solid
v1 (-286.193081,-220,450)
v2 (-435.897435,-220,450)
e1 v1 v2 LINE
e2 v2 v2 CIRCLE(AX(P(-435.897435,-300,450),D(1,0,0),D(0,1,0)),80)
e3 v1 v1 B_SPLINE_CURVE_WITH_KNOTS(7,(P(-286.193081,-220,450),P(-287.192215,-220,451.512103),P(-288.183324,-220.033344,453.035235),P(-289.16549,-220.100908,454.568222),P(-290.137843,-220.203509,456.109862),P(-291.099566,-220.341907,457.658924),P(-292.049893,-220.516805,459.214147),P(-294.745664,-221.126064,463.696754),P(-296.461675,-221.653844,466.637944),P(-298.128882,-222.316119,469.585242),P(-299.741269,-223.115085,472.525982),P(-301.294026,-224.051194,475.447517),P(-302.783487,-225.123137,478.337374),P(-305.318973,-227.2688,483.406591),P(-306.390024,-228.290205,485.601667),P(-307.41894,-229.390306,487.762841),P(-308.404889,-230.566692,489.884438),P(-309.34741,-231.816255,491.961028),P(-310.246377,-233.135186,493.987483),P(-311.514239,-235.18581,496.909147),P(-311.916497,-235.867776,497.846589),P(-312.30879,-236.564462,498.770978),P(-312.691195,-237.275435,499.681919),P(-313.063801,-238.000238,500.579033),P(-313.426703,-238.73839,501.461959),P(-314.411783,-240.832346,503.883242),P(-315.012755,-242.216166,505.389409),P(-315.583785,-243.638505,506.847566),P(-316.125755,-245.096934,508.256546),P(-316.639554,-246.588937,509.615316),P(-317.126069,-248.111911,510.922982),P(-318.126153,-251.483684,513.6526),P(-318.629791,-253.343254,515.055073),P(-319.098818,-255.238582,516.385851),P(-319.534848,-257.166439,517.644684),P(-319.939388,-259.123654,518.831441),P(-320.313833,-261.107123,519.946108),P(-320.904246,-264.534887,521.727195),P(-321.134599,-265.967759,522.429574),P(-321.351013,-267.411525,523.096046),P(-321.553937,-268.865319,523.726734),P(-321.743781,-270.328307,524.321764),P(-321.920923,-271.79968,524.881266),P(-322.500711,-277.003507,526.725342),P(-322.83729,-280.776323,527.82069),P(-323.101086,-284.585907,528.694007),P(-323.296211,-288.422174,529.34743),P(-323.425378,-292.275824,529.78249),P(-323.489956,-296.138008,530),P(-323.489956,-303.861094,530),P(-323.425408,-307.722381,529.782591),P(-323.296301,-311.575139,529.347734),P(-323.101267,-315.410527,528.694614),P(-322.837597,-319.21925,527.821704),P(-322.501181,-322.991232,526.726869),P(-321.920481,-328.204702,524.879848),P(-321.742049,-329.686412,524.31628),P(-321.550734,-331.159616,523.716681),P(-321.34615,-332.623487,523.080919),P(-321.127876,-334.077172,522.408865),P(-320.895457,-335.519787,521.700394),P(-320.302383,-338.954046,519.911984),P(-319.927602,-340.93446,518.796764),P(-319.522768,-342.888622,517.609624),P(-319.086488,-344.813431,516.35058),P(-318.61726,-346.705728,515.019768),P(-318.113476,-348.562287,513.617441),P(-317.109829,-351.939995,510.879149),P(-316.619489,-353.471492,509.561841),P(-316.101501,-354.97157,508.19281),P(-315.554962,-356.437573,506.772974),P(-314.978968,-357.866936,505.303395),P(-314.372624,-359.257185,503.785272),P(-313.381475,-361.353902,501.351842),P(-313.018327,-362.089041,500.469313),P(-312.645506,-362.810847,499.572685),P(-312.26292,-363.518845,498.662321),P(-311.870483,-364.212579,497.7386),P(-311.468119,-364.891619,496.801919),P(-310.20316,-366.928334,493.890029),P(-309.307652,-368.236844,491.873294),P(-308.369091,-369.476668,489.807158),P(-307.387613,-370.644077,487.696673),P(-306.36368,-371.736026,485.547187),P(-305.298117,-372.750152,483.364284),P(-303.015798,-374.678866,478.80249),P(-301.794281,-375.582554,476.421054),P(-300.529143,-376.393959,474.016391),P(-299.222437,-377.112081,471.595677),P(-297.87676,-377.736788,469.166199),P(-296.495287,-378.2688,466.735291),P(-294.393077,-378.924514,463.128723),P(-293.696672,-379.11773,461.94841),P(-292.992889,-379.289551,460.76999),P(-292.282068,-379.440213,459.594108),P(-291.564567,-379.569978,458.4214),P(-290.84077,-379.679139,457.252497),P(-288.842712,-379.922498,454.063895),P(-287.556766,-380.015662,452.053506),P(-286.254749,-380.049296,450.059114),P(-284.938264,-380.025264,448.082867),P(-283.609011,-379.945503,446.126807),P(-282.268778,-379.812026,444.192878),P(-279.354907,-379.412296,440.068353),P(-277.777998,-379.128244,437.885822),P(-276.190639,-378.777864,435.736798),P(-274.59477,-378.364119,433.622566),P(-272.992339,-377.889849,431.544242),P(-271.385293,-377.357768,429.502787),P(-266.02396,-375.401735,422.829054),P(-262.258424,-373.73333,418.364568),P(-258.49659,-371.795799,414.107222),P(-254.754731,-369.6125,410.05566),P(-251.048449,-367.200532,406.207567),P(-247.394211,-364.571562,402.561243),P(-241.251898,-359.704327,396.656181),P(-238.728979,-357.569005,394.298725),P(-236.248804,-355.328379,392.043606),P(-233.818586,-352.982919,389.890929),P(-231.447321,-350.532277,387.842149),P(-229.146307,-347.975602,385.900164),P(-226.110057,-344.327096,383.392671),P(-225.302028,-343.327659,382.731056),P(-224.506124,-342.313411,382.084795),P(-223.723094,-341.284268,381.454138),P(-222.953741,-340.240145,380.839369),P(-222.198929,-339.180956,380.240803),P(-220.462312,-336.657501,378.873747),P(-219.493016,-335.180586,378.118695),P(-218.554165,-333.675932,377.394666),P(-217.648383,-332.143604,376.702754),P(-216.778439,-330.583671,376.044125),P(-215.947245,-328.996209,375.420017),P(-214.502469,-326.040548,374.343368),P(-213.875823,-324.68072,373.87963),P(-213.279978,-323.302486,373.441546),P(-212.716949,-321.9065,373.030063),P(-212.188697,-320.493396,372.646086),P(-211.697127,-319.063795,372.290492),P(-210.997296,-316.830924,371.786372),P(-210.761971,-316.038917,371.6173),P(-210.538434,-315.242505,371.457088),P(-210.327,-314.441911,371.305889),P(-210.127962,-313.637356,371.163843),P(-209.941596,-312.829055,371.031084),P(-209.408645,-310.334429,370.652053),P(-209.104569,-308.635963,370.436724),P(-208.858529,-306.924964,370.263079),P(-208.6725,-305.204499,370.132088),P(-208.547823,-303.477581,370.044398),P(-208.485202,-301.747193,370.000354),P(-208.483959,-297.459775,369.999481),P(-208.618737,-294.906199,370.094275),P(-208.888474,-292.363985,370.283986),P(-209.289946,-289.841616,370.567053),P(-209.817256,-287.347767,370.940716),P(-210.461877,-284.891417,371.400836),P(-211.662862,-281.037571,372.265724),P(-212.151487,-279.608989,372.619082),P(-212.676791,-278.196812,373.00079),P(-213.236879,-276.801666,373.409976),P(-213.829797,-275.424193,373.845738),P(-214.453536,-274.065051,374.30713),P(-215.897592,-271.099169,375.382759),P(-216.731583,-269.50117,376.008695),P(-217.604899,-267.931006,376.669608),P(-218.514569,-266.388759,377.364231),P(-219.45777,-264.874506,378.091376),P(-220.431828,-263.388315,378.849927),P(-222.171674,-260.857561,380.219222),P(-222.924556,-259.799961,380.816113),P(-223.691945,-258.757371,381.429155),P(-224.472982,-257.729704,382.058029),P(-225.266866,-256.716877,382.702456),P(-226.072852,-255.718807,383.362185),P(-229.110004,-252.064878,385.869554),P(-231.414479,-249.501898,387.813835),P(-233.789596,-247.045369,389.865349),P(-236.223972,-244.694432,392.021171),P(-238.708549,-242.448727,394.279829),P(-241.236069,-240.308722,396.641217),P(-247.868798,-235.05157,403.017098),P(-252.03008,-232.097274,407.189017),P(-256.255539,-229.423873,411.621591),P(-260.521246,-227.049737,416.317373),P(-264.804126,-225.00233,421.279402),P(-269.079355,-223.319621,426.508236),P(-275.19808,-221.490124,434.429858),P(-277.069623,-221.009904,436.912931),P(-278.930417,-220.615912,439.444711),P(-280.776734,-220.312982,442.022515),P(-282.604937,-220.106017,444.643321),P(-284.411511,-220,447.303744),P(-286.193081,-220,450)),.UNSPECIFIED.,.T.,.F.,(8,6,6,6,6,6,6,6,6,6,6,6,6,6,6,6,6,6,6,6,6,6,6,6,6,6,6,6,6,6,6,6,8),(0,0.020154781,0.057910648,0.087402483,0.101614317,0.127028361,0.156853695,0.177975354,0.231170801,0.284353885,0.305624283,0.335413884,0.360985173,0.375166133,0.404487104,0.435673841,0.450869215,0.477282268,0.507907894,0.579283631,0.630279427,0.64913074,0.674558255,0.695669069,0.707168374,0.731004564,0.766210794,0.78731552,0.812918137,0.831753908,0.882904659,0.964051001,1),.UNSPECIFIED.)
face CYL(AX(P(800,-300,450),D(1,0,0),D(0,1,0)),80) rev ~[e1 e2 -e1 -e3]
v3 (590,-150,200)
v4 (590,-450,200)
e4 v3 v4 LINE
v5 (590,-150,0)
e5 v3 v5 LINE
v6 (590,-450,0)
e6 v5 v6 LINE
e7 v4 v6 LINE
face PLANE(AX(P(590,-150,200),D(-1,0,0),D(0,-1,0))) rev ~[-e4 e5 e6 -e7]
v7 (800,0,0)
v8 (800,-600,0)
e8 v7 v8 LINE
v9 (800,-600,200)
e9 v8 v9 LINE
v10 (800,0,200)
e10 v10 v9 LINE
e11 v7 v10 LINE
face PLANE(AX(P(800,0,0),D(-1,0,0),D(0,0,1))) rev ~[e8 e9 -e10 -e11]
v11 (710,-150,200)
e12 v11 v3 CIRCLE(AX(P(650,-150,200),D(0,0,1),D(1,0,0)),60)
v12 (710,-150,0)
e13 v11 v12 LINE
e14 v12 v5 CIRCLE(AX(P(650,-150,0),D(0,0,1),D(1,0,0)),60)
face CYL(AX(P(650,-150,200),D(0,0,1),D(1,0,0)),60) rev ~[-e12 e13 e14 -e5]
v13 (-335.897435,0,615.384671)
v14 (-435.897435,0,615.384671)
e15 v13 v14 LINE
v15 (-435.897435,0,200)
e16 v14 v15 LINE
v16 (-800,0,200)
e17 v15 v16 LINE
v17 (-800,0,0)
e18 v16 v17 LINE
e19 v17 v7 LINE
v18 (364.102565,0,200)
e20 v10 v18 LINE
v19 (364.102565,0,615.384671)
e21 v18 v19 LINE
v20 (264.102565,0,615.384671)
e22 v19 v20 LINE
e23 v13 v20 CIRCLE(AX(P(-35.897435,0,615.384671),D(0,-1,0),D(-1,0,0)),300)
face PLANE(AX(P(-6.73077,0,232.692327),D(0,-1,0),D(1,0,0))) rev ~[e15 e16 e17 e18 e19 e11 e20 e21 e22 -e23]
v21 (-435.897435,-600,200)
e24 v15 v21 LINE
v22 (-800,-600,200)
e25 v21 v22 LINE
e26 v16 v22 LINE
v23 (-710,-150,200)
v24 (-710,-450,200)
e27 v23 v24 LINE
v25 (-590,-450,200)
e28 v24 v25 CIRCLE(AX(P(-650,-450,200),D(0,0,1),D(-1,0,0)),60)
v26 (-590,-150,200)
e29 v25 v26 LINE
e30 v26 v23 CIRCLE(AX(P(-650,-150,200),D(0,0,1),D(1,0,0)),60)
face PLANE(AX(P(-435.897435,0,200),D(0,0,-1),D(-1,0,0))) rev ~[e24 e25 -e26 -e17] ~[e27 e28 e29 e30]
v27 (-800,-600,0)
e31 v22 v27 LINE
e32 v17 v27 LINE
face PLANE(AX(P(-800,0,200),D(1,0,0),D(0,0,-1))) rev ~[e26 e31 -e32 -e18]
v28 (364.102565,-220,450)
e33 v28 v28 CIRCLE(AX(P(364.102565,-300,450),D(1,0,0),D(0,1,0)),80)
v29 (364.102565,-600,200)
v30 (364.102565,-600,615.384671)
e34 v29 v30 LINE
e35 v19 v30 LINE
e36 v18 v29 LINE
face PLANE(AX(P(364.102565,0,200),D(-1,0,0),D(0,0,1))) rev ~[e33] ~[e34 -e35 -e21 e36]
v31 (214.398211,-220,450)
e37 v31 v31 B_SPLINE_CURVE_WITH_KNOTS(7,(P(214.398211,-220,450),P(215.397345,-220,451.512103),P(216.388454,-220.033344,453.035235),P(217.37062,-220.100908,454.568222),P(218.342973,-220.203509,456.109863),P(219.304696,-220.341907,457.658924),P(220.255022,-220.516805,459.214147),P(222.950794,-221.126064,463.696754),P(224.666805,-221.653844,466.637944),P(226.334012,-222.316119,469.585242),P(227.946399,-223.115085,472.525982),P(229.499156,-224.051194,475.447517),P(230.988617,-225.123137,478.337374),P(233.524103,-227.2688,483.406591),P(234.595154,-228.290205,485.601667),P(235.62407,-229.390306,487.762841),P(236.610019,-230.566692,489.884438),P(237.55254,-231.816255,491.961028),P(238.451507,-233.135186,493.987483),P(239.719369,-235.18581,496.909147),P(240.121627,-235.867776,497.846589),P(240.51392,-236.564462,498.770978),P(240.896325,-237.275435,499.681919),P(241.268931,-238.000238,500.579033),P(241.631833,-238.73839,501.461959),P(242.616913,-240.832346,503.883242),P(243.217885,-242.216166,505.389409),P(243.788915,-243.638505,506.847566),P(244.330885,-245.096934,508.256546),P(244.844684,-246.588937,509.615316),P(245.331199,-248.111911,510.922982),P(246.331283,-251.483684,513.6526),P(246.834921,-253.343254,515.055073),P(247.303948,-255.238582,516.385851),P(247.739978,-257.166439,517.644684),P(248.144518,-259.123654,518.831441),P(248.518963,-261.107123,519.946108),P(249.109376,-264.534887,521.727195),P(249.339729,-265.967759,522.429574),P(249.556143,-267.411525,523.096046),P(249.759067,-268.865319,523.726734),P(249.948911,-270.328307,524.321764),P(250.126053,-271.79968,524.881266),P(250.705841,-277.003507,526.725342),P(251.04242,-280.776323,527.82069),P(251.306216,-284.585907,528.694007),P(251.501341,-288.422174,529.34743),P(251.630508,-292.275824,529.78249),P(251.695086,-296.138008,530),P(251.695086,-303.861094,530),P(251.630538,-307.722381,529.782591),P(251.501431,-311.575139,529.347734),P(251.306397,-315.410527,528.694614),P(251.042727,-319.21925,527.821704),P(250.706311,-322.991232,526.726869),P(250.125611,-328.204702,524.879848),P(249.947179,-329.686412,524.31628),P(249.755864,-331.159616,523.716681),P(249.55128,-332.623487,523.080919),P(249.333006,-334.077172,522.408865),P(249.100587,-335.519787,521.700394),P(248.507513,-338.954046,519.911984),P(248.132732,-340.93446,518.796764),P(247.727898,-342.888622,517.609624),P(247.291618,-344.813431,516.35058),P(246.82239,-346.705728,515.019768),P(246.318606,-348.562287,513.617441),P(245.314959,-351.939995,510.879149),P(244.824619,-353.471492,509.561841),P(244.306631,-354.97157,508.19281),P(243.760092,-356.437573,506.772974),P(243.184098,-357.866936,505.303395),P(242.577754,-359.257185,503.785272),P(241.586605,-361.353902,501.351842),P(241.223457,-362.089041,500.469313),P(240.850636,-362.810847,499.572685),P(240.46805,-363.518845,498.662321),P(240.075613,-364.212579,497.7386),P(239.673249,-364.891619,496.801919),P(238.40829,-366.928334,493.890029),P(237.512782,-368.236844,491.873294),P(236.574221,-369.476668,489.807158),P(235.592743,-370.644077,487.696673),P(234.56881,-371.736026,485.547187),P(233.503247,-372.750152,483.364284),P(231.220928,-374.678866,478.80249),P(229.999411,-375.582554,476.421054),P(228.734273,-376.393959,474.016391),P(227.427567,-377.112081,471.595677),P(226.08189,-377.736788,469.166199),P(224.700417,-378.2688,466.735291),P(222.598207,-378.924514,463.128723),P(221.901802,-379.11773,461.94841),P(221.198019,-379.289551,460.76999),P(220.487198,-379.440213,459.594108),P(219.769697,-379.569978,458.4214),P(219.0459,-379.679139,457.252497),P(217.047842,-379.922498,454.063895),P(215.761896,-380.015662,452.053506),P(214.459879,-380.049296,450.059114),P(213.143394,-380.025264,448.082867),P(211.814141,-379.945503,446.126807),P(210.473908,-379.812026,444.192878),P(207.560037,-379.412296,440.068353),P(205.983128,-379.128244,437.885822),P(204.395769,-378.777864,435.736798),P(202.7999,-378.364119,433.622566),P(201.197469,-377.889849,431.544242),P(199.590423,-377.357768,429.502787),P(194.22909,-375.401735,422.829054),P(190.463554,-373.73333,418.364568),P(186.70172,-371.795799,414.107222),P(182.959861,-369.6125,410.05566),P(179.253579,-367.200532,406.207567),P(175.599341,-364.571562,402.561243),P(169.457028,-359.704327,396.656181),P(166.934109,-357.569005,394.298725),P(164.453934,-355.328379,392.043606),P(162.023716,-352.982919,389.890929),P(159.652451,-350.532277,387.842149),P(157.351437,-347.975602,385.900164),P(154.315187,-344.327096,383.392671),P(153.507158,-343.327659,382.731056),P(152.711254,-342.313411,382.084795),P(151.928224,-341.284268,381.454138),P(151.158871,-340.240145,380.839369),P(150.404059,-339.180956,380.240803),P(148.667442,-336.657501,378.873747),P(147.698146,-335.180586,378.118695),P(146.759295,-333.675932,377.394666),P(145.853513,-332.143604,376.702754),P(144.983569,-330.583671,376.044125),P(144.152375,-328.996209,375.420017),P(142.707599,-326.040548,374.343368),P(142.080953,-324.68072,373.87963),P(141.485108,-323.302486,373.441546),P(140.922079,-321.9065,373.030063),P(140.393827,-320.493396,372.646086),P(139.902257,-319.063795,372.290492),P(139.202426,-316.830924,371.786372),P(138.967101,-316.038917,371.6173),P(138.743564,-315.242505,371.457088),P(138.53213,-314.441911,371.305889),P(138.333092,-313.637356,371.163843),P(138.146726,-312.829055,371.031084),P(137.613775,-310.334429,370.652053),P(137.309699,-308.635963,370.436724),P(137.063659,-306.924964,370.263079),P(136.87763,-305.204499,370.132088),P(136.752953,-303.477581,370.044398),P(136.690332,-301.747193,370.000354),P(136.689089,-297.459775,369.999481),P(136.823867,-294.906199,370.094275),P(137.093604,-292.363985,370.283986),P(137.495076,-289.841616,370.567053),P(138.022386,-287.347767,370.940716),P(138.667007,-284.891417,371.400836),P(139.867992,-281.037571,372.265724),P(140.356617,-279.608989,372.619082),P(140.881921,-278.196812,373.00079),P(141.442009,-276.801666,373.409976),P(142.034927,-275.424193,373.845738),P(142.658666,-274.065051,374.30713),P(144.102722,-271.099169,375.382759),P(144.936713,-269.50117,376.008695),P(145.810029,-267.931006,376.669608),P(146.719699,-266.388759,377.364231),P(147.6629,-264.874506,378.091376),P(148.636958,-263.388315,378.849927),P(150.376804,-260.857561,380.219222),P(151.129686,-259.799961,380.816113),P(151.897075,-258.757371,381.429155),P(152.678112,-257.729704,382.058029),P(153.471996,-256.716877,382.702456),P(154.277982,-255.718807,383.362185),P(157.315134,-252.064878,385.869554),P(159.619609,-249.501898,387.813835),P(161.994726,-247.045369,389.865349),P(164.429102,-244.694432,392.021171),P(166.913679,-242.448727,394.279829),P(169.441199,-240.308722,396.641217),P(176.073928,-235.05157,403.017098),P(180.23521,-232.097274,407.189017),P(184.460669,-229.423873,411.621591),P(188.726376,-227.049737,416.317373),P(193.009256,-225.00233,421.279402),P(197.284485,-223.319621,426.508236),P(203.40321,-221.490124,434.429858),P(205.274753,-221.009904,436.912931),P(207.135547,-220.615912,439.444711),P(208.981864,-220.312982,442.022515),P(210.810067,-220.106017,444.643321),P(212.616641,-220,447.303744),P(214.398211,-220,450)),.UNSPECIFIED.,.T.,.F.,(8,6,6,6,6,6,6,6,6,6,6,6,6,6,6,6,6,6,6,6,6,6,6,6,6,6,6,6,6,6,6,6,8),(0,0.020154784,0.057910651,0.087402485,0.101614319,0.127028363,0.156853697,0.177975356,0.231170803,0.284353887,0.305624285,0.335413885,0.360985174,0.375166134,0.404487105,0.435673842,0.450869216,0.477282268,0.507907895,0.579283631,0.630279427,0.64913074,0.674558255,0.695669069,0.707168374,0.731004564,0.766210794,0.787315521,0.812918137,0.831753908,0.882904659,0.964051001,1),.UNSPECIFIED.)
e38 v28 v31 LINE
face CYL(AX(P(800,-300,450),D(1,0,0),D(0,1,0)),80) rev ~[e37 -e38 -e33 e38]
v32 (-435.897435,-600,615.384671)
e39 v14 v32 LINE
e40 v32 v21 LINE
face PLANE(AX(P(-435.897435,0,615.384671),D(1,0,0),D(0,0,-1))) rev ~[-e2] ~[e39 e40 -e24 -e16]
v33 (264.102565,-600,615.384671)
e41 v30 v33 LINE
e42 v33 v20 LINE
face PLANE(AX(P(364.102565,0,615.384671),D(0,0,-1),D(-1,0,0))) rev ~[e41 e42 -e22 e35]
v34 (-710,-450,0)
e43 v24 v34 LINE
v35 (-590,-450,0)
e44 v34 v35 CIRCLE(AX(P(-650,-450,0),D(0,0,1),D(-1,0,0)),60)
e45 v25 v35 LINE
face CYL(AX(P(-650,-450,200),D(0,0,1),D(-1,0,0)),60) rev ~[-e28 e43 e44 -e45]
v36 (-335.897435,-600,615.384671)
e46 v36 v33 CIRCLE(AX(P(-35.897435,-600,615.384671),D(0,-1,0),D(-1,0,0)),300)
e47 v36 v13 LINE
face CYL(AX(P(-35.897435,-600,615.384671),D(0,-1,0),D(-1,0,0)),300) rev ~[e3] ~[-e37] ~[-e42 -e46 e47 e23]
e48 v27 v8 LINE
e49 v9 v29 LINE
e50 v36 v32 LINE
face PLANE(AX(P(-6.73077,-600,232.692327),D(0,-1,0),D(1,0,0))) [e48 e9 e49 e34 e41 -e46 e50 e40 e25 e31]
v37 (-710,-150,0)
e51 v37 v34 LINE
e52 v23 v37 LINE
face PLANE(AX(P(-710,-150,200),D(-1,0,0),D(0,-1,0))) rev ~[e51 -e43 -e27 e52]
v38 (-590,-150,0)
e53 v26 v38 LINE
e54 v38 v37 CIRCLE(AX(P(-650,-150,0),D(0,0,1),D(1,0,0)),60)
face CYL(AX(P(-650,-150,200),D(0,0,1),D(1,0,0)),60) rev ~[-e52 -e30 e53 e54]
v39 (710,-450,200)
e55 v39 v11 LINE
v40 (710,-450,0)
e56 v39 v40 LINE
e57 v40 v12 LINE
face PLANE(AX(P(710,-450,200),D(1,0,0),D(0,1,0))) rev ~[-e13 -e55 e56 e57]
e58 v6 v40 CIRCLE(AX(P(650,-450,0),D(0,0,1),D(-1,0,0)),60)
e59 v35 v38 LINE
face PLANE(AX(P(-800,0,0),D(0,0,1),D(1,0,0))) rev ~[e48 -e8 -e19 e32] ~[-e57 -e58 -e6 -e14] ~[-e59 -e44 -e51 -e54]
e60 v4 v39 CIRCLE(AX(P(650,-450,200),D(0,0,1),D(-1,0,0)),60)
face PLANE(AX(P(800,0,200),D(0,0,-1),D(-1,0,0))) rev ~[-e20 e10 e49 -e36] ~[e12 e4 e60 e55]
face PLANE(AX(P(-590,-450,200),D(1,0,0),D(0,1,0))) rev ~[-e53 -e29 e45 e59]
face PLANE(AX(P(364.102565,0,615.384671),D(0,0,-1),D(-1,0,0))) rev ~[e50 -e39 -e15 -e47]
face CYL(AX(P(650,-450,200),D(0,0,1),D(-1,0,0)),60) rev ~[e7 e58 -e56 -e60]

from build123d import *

# Parameters (mm, degrees)
F1_DEPTH = 600
F3_DEPTH = 600.001
F4_R     = 80
F5_DEPTH = 1600.001
F7_DEPTH = 200.001


with BuildPart() as f1:
    # F0 (on Front) → F1 (new body)
    with BuildSketch(Plane.XZ):
        Polygon((-800, 0), (0, 0), (800, 0), (800, 200), (364.102565, 200), (364.102565, 615.384671), (-435.897435, 615.384671), (-435.897435, 200), (-800, 200), align=None)
    extrude(amount=F1_DEPTH)

    # F2 (on face) → F3 (cut, through all)
    with BuildSketch(Plane.XZ.offset(600)):
        with BuildLine():
            Line((264.102565, 615.384671), (-335.897435, 615.384671))
            ThreePointArc((-335.897435, 615.384671), (-35.897435, 315.384671), (264.102565, 615.384671))
        make_face()
    extrude(amount=-F3_DEPTH, mode=Mode.SUBTRACT)

    # F4 (on face) → F5 (cut, through all)
    with BuildSketch(Plane.YZ.offset(800)):
        with Locations((-300, 450)):
            Circle(F4_R)
    extrude(amount=-F5_DEPTH, mode=Mode.SUBTRACT)

    # F6 (on face) → F7 (cut, through all)
    with BuildSketch(Plane.XY.offset(200)):
        with BuildLine():
            Line((-710, -150), (-710, -450))
            ThreePointArc((-710, -450), (-650, -510), (-590, -450))
            Line((-590, -450), (-590, -150))
            ThreePointArc((-590, -150), (-650, -90), (-710, -150))
        make_face()
        with BuildLine():
            Line((590, -150), (590, -450))
            ThreePointArc((590, -450), (650, -510), (710, -450))
            Line((710, -450), (710, -150))
            ThreePointArc((710, -150), (650, -90), (590, -150))
        make_face()
    extrude(amount=-F7_DEPTH, mode=Mode.SUBTRACT)


solid = f1.part
